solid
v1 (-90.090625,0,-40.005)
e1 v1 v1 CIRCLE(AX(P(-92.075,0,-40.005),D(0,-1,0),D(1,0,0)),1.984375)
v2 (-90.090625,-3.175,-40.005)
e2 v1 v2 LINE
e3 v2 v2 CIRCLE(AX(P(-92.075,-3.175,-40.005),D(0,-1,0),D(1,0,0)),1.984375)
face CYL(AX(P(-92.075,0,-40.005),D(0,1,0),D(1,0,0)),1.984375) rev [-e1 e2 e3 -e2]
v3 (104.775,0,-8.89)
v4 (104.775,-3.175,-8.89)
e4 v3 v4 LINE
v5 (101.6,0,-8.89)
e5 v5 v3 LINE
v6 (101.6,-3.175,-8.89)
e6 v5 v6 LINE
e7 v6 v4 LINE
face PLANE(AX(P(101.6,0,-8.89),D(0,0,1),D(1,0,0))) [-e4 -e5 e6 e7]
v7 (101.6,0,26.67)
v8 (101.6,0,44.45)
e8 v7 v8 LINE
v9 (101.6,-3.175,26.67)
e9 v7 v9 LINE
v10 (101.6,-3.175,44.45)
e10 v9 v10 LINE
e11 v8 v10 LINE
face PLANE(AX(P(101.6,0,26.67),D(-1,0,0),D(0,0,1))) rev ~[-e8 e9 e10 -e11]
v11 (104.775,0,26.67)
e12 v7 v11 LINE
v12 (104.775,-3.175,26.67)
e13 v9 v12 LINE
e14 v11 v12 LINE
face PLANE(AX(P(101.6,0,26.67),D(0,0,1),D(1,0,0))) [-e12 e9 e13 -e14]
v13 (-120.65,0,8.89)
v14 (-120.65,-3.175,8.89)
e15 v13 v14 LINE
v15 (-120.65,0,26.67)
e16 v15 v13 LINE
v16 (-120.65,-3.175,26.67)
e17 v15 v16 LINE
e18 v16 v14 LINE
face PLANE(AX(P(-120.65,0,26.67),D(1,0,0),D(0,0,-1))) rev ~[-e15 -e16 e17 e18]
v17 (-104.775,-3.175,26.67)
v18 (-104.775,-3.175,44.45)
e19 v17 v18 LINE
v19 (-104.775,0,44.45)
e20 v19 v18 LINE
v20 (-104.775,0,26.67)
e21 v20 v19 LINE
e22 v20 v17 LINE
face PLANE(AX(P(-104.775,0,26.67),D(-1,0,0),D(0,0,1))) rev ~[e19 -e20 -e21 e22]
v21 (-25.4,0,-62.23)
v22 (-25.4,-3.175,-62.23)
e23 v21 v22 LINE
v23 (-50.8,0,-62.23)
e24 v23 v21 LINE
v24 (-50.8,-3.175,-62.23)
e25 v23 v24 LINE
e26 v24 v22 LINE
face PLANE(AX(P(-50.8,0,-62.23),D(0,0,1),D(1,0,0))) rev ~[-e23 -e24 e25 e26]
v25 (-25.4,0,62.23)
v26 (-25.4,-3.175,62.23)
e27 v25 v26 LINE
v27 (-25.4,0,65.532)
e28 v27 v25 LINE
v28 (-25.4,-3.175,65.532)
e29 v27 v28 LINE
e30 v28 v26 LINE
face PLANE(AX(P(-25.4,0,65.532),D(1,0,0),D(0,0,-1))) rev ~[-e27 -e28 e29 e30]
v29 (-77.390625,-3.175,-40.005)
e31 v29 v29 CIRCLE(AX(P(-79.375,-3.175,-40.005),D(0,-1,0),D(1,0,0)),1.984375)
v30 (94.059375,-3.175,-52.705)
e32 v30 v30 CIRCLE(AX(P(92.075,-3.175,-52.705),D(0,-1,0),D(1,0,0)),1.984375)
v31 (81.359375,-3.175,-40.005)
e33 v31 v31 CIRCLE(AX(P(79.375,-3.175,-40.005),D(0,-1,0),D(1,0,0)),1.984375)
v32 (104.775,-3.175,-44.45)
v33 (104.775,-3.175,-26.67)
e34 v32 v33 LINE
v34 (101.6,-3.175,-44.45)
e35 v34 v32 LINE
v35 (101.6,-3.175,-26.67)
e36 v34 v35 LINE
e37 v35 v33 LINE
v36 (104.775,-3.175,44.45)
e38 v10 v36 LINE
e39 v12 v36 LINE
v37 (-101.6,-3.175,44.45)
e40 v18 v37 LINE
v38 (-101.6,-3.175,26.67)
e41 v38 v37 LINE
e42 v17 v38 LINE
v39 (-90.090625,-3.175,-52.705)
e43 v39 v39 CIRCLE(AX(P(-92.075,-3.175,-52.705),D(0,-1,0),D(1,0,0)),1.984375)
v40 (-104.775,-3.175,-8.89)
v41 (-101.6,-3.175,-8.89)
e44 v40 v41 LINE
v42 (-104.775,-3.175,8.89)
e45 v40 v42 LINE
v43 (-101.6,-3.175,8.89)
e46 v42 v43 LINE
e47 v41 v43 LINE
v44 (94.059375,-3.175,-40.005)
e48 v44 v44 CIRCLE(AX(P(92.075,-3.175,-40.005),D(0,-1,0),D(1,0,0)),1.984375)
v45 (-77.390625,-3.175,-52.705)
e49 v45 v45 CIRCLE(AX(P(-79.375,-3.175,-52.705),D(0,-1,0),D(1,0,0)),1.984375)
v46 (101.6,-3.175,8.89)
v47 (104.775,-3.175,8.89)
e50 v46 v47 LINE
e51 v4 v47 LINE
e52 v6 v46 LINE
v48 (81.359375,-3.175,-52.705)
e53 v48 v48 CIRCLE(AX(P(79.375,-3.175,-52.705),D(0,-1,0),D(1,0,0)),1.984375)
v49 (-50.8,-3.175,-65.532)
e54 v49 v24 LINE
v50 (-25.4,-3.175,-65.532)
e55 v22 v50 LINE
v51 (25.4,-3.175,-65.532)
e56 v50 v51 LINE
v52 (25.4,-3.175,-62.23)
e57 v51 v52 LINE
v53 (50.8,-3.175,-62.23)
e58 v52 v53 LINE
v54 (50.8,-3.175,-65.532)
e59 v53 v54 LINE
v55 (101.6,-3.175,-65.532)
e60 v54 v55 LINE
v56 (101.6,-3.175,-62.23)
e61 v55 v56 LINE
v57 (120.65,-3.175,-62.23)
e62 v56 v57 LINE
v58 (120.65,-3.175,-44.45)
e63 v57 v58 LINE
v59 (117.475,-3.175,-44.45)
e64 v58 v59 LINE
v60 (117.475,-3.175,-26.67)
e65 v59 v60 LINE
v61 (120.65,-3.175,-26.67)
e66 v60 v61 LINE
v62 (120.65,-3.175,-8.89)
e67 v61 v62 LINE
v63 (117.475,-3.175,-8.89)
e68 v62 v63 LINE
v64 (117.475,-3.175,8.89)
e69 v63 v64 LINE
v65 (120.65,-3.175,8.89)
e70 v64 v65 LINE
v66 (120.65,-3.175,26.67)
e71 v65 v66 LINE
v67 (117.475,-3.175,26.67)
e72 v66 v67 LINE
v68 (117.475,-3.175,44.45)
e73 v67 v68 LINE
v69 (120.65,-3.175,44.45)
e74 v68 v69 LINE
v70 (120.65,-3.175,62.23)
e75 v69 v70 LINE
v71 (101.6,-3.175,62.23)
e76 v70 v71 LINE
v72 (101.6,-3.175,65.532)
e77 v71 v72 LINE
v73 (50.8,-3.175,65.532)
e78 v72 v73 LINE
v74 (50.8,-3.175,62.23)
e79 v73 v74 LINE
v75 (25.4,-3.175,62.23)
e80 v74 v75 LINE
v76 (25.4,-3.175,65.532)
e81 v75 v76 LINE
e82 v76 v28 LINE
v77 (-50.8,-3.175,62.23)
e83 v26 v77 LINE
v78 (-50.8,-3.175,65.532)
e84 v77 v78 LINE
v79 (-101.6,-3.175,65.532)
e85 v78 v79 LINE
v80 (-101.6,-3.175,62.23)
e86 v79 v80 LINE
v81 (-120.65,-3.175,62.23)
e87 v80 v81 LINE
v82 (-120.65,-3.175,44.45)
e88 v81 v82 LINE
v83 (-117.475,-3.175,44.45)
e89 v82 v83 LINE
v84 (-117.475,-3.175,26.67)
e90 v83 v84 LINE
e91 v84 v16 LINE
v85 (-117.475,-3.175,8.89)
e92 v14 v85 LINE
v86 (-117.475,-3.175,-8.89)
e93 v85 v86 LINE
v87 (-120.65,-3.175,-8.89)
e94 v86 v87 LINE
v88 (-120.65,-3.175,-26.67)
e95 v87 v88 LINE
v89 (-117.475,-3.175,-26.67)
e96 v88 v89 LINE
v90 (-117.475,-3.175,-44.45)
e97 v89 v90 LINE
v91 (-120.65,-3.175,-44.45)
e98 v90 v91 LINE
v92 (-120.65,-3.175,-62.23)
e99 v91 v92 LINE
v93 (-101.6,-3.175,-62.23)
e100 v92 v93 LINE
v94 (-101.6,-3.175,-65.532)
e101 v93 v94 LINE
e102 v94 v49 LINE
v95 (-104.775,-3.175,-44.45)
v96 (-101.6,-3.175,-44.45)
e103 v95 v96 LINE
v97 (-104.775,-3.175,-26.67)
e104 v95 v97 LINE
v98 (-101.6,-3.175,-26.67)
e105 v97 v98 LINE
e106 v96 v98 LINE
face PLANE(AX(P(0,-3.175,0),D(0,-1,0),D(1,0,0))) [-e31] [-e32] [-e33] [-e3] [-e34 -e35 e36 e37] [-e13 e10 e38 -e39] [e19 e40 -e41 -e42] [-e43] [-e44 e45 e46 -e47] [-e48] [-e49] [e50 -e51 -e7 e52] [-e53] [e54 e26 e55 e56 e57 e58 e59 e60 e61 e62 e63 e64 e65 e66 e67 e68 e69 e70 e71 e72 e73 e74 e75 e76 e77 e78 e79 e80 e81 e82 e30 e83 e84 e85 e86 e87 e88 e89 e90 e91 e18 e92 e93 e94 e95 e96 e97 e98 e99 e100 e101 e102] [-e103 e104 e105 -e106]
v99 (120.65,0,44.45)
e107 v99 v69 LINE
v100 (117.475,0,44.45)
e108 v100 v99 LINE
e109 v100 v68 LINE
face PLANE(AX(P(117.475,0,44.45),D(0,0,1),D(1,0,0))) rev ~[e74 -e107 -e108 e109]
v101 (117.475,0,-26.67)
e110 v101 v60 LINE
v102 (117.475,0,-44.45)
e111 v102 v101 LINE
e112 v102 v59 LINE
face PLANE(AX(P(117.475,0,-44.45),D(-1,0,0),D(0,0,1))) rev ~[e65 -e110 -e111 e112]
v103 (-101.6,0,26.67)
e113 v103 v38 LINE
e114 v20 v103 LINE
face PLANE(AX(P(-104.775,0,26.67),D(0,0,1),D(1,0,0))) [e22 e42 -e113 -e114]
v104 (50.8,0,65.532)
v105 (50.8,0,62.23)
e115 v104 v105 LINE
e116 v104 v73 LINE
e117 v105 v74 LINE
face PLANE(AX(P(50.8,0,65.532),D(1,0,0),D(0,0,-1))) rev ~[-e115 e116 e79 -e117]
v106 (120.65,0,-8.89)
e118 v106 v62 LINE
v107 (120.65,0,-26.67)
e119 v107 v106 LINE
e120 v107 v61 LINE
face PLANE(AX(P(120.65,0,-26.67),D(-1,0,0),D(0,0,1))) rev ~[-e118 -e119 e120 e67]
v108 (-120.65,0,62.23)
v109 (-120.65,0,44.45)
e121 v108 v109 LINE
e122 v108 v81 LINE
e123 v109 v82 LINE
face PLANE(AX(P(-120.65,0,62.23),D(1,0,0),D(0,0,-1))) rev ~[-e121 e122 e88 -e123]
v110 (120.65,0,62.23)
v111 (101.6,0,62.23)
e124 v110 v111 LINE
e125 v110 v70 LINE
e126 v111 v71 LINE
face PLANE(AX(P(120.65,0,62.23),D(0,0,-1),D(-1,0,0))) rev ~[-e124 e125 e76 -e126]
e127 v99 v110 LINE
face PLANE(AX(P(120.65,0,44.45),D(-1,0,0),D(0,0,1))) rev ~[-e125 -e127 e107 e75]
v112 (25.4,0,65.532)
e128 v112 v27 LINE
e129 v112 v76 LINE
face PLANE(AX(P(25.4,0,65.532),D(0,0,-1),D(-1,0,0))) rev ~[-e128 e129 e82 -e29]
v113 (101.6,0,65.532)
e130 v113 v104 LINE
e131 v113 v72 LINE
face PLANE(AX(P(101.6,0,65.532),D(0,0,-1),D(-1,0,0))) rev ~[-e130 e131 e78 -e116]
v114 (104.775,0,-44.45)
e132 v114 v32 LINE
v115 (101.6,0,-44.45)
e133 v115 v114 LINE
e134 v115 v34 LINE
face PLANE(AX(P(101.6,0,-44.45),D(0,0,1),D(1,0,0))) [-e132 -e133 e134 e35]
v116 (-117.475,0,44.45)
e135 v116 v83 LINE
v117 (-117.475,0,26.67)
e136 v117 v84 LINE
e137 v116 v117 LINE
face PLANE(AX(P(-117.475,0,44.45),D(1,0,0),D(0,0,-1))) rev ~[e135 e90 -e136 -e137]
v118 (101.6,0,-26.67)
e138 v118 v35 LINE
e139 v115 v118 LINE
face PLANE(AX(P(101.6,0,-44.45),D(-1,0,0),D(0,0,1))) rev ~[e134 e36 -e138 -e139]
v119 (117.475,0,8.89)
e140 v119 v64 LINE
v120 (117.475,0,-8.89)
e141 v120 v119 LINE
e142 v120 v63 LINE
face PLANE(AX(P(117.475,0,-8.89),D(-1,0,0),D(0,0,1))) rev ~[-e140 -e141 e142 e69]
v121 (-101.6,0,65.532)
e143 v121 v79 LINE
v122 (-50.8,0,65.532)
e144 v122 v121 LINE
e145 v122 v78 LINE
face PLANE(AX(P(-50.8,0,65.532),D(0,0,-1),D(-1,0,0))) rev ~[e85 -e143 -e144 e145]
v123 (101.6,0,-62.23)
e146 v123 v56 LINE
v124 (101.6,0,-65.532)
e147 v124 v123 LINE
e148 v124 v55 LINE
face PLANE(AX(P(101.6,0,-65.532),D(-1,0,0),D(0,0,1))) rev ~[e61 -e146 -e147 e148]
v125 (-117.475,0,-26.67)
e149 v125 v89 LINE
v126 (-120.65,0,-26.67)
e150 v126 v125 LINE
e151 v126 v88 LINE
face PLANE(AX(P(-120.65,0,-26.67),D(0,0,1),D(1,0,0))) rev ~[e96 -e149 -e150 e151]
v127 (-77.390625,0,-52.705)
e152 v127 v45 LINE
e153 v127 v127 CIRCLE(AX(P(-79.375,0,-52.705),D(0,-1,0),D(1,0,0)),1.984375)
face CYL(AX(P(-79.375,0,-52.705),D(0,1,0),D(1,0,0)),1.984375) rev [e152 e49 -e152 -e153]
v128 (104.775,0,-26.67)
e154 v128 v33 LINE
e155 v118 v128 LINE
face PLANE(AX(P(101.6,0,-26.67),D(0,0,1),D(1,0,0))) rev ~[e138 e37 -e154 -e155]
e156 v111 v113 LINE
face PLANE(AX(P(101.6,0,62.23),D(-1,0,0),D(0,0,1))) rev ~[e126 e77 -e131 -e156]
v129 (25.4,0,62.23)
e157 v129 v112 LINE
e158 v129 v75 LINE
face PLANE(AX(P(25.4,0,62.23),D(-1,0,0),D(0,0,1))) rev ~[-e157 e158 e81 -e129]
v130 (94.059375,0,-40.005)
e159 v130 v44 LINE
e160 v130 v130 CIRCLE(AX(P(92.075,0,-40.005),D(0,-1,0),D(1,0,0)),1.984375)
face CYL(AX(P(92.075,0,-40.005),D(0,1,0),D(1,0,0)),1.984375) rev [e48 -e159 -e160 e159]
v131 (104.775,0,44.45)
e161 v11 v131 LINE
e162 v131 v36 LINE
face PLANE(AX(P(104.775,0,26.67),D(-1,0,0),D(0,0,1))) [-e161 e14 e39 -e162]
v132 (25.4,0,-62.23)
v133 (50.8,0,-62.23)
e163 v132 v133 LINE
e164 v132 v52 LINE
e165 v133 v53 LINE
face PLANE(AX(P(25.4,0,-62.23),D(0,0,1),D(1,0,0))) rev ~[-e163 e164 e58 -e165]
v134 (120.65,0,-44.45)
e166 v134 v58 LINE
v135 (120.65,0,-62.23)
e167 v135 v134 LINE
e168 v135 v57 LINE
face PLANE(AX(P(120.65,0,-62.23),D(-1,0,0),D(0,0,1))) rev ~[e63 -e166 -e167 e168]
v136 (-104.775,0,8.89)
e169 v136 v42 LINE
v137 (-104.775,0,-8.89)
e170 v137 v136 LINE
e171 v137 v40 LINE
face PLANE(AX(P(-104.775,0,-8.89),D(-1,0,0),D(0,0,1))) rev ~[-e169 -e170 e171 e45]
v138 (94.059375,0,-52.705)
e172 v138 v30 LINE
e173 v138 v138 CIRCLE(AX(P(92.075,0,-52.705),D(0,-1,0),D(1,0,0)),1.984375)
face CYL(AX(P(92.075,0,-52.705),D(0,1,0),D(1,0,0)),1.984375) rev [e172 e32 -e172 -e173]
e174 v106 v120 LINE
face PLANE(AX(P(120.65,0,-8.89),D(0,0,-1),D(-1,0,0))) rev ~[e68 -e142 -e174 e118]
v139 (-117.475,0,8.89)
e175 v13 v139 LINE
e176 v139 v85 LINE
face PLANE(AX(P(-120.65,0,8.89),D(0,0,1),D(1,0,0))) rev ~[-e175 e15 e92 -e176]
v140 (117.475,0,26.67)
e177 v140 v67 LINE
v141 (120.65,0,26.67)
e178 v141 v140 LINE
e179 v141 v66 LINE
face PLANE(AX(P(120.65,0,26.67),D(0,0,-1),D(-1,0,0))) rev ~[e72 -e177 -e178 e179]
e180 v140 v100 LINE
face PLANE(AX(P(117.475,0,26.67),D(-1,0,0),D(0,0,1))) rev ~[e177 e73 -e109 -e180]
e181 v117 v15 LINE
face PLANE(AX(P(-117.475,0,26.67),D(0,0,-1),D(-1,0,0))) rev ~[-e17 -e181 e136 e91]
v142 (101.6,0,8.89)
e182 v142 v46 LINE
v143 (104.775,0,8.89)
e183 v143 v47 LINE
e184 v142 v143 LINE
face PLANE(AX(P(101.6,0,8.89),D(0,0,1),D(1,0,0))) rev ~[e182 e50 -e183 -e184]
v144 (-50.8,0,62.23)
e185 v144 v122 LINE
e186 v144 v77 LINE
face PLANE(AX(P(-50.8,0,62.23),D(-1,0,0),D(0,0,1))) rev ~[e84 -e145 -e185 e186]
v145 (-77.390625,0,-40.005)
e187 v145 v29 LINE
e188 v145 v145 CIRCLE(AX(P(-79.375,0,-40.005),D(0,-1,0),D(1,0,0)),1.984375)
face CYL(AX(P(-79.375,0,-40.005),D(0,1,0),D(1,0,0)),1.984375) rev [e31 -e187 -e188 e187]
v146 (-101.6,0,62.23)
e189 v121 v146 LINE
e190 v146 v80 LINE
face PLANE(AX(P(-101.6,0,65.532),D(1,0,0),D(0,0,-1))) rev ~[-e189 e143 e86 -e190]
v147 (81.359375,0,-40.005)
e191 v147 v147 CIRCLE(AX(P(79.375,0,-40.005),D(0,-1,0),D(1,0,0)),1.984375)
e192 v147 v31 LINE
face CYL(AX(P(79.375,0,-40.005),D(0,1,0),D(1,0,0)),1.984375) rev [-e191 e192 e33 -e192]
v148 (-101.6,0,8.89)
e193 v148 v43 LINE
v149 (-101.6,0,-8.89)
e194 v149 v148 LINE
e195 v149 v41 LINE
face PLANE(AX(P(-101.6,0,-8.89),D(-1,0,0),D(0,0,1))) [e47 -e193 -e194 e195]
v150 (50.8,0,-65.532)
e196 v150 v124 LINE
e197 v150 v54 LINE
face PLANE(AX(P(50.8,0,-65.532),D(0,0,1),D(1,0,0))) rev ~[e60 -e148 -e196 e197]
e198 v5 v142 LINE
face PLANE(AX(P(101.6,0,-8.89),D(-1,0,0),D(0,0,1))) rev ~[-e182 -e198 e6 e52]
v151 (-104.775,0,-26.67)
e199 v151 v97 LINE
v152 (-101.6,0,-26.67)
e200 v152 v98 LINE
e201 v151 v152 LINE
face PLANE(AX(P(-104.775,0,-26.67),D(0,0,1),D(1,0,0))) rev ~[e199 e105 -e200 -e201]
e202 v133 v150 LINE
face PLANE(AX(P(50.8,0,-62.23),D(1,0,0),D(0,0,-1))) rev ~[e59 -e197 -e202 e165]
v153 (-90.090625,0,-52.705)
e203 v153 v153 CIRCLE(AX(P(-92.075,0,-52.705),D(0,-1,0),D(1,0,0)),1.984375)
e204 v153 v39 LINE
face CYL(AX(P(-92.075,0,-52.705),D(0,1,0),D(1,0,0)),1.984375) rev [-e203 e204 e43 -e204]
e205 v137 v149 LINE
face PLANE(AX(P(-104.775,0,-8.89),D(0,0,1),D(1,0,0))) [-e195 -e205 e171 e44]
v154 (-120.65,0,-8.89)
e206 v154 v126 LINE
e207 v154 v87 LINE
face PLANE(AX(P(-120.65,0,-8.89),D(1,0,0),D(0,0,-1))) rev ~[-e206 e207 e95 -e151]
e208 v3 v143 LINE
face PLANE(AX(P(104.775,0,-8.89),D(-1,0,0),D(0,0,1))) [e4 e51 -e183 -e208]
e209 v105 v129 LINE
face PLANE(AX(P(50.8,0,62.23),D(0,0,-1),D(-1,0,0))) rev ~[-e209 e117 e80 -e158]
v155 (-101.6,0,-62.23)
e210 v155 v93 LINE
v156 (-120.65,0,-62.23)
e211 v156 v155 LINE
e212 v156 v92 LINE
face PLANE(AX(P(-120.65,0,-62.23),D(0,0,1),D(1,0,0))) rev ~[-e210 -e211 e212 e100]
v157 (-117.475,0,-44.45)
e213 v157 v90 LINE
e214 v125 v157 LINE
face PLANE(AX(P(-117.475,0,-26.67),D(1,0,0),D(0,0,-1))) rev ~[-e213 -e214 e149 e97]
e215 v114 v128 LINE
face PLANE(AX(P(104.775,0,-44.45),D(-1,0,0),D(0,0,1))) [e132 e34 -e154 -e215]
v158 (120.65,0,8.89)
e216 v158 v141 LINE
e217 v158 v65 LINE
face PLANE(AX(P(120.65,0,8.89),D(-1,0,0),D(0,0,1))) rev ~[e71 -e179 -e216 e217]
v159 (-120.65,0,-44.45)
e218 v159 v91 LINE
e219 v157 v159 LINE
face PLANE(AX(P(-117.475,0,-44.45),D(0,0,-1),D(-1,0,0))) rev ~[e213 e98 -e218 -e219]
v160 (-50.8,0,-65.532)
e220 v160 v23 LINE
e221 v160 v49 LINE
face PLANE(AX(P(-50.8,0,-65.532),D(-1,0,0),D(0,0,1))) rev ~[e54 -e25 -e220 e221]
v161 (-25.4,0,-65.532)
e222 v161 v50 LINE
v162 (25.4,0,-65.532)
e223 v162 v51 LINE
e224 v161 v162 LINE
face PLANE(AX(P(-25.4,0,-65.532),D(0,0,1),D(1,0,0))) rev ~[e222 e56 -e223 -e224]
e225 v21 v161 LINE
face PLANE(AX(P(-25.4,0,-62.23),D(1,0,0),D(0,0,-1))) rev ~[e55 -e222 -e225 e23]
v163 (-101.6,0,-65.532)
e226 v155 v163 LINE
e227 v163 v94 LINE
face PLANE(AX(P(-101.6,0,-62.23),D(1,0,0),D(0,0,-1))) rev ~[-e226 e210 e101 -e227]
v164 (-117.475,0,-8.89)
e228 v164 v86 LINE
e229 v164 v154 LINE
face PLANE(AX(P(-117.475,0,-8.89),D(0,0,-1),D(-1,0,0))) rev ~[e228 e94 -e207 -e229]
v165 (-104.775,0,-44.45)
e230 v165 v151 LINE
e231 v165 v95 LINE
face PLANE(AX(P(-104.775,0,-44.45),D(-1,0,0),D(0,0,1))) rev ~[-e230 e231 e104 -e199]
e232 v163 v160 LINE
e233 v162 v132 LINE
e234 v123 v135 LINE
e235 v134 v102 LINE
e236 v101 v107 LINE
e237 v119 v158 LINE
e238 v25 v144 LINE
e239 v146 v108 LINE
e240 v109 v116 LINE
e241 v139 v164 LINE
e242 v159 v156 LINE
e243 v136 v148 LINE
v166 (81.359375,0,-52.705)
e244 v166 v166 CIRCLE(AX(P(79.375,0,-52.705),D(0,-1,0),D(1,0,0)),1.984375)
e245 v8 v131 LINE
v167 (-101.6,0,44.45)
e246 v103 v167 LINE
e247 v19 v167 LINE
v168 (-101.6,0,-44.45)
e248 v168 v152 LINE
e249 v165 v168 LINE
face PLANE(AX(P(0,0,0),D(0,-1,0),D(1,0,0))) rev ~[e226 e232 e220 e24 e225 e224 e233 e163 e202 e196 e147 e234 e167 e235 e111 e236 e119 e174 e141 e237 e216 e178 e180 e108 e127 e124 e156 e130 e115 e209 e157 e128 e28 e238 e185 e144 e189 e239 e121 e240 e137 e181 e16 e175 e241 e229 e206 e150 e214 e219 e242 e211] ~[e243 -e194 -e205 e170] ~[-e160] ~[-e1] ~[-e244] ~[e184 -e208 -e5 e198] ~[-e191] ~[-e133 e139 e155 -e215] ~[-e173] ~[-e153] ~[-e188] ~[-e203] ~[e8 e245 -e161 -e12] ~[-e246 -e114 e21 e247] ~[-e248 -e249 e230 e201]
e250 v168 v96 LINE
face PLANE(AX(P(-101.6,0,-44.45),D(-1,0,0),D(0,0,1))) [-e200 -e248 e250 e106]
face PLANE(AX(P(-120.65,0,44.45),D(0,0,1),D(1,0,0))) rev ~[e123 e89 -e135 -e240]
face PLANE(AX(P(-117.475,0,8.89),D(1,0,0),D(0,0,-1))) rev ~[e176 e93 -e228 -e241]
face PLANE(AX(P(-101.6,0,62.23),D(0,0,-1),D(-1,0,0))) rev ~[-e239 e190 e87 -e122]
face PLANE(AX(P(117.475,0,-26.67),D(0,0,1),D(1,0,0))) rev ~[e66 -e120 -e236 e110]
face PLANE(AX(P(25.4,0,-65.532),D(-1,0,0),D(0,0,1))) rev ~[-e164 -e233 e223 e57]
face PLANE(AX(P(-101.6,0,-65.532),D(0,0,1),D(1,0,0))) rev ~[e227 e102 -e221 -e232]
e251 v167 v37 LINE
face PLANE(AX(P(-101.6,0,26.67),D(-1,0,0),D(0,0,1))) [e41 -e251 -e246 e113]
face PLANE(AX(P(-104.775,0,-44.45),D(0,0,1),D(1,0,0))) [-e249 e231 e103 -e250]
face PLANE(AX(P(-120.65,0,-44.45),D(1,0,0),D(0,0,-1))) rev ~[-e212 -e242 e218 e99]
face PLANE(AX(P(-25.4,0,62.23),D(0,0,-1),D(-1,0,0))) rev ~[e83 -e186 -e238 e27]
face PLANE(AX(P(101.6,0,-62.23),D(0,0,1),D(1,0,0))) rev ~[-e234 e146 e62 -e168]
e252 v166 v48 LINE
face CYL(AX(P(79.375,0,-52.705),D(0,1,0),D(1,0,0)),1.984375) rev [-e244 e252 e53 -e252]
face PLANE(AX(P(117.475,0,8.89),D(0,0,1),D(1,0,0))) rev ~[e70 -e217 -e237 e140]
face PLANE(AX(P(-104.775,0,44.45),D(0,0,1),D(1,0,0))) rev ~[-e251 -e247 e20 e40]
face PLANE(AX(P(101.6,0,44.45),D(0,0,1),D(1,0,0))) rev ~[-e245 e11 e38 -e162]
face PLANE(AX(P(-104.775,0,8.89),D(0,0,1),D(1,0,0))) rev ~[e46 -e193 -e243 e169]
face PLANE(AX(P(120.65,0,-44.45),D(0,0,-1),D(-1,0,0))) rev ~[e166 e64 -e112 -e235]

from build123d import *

# Parameters (mm, degrees)
F0_R     = 1.984375
F0_W     = 3.175
F0_H     = 17.78
F1_DEPTH = 3.175


with BuildPart() as f1:
    # F0 (on Front) → F1 (new body)
    with BuildSketch(Plane.XZ):
        Polygon((-101.6, -65.532), (-50.8, -65.532), (-50.8, -62.23), (-25.4, -62.23), (-25.4, -65.532), (25.4, -65.532), (25.4, -62.23), (50.8, -62.23), (50.8, -65.532), (101.6, -65.532), (101.6, -62.23), (120.65, -62.23), (120.65, -44.45), (117.475, -44.45), (117.475, -26.67), (120.65, -26.67), (120.65, -8.89), (117.475, -8.89), (117.475, 8.89), (120.65, 8.89), (120.65, 26.67), (117.475, 26.67), (117.475, 44.45), (120.65, 44.45), (120.65, 62.23), (101.6, 62.23), (101.6, 65.532), (50.8, 65.532), (50.8, 62.23), (25.4, 62.23), (25.4, 65.532), (-25.4, 65.532), (-25.4, 62.23), (-50.8, 62.23), (-50.8, 65.532), (-101.6, 65.532), (-101.6, 62.23), (-120.65, 62.23), (-120.65, 44.45), (-117.475, 44.45), (-117.475, 26.67), (-120.65, 26.67), (-120.65, 8.89), (-117.475, 8.89), (-117.475, -8.89), (-120.65, -8.89), (-120.65, -26.67), (-117.475, -26.67), (-117.475, -44.45), (-120.65, -44.45), (-120.65, -62.23), (-101.6, -62.23), align=None)
        with Locations((-92.075, -52.705)):
            Circle(F0_R, mode=Mode.SUBTRACT)
        with Locations((-79.375, -52.705)):
            Circle(F0_R, mode=Mode.SUBTRACT)
        with Locations((-92.075, -40.005)):
            Circle(F0_R, mode=Mode.SUBTRACT)
        with Locations((-103.1875, -35.56)):
            Rectangle(F0_W, F0_H, mode=Mode.SUBTRACT)
        with Locations((-79.375, -40.005)):
            Circle(F0_R, mode=Mode.SUBTRACT)
        with Locations((79.375, -52.705)):
            Circle(F0_R, mode=Mode.SUBTRACT)
        with Locations((92.075, -52.705)):
            Circle(F0_R, mode=Mode.SUBTRACT)
        with Locations((79.375, -40.005)):
            Circle(F0_R, mode=Mode.SUBTRACT)
        with Locations((92.075, -40.005)):
            Circle(F0_R, mode=Mode.SUBTRACT)
        with Locations((103.1875, -35.56)):
            Rectangle(F0_W, F0_H, mode=Mode.SUBTRACT)
        with Locations((-103.1875, 0)):
            Rectangle(F0_W, F0_H, mode=Mode.SUBTRACT)
        with Locations((-103.1875, 35.56)):
            Rectangle(F0_W, F0_H, mode=Mode.SUBTRACT)
        with Locations((103.1875, 0)):
            Rectangle(F0_W, F0_H, mode=Mode.SUBTRACT)
        with Locations((103.1875, 35.56)):
            Rectangle(F0_W, F0_H, mode=Mode.SUBTRACT)
    extrude(amount=F1_DEPTH)


solid = f1.part
